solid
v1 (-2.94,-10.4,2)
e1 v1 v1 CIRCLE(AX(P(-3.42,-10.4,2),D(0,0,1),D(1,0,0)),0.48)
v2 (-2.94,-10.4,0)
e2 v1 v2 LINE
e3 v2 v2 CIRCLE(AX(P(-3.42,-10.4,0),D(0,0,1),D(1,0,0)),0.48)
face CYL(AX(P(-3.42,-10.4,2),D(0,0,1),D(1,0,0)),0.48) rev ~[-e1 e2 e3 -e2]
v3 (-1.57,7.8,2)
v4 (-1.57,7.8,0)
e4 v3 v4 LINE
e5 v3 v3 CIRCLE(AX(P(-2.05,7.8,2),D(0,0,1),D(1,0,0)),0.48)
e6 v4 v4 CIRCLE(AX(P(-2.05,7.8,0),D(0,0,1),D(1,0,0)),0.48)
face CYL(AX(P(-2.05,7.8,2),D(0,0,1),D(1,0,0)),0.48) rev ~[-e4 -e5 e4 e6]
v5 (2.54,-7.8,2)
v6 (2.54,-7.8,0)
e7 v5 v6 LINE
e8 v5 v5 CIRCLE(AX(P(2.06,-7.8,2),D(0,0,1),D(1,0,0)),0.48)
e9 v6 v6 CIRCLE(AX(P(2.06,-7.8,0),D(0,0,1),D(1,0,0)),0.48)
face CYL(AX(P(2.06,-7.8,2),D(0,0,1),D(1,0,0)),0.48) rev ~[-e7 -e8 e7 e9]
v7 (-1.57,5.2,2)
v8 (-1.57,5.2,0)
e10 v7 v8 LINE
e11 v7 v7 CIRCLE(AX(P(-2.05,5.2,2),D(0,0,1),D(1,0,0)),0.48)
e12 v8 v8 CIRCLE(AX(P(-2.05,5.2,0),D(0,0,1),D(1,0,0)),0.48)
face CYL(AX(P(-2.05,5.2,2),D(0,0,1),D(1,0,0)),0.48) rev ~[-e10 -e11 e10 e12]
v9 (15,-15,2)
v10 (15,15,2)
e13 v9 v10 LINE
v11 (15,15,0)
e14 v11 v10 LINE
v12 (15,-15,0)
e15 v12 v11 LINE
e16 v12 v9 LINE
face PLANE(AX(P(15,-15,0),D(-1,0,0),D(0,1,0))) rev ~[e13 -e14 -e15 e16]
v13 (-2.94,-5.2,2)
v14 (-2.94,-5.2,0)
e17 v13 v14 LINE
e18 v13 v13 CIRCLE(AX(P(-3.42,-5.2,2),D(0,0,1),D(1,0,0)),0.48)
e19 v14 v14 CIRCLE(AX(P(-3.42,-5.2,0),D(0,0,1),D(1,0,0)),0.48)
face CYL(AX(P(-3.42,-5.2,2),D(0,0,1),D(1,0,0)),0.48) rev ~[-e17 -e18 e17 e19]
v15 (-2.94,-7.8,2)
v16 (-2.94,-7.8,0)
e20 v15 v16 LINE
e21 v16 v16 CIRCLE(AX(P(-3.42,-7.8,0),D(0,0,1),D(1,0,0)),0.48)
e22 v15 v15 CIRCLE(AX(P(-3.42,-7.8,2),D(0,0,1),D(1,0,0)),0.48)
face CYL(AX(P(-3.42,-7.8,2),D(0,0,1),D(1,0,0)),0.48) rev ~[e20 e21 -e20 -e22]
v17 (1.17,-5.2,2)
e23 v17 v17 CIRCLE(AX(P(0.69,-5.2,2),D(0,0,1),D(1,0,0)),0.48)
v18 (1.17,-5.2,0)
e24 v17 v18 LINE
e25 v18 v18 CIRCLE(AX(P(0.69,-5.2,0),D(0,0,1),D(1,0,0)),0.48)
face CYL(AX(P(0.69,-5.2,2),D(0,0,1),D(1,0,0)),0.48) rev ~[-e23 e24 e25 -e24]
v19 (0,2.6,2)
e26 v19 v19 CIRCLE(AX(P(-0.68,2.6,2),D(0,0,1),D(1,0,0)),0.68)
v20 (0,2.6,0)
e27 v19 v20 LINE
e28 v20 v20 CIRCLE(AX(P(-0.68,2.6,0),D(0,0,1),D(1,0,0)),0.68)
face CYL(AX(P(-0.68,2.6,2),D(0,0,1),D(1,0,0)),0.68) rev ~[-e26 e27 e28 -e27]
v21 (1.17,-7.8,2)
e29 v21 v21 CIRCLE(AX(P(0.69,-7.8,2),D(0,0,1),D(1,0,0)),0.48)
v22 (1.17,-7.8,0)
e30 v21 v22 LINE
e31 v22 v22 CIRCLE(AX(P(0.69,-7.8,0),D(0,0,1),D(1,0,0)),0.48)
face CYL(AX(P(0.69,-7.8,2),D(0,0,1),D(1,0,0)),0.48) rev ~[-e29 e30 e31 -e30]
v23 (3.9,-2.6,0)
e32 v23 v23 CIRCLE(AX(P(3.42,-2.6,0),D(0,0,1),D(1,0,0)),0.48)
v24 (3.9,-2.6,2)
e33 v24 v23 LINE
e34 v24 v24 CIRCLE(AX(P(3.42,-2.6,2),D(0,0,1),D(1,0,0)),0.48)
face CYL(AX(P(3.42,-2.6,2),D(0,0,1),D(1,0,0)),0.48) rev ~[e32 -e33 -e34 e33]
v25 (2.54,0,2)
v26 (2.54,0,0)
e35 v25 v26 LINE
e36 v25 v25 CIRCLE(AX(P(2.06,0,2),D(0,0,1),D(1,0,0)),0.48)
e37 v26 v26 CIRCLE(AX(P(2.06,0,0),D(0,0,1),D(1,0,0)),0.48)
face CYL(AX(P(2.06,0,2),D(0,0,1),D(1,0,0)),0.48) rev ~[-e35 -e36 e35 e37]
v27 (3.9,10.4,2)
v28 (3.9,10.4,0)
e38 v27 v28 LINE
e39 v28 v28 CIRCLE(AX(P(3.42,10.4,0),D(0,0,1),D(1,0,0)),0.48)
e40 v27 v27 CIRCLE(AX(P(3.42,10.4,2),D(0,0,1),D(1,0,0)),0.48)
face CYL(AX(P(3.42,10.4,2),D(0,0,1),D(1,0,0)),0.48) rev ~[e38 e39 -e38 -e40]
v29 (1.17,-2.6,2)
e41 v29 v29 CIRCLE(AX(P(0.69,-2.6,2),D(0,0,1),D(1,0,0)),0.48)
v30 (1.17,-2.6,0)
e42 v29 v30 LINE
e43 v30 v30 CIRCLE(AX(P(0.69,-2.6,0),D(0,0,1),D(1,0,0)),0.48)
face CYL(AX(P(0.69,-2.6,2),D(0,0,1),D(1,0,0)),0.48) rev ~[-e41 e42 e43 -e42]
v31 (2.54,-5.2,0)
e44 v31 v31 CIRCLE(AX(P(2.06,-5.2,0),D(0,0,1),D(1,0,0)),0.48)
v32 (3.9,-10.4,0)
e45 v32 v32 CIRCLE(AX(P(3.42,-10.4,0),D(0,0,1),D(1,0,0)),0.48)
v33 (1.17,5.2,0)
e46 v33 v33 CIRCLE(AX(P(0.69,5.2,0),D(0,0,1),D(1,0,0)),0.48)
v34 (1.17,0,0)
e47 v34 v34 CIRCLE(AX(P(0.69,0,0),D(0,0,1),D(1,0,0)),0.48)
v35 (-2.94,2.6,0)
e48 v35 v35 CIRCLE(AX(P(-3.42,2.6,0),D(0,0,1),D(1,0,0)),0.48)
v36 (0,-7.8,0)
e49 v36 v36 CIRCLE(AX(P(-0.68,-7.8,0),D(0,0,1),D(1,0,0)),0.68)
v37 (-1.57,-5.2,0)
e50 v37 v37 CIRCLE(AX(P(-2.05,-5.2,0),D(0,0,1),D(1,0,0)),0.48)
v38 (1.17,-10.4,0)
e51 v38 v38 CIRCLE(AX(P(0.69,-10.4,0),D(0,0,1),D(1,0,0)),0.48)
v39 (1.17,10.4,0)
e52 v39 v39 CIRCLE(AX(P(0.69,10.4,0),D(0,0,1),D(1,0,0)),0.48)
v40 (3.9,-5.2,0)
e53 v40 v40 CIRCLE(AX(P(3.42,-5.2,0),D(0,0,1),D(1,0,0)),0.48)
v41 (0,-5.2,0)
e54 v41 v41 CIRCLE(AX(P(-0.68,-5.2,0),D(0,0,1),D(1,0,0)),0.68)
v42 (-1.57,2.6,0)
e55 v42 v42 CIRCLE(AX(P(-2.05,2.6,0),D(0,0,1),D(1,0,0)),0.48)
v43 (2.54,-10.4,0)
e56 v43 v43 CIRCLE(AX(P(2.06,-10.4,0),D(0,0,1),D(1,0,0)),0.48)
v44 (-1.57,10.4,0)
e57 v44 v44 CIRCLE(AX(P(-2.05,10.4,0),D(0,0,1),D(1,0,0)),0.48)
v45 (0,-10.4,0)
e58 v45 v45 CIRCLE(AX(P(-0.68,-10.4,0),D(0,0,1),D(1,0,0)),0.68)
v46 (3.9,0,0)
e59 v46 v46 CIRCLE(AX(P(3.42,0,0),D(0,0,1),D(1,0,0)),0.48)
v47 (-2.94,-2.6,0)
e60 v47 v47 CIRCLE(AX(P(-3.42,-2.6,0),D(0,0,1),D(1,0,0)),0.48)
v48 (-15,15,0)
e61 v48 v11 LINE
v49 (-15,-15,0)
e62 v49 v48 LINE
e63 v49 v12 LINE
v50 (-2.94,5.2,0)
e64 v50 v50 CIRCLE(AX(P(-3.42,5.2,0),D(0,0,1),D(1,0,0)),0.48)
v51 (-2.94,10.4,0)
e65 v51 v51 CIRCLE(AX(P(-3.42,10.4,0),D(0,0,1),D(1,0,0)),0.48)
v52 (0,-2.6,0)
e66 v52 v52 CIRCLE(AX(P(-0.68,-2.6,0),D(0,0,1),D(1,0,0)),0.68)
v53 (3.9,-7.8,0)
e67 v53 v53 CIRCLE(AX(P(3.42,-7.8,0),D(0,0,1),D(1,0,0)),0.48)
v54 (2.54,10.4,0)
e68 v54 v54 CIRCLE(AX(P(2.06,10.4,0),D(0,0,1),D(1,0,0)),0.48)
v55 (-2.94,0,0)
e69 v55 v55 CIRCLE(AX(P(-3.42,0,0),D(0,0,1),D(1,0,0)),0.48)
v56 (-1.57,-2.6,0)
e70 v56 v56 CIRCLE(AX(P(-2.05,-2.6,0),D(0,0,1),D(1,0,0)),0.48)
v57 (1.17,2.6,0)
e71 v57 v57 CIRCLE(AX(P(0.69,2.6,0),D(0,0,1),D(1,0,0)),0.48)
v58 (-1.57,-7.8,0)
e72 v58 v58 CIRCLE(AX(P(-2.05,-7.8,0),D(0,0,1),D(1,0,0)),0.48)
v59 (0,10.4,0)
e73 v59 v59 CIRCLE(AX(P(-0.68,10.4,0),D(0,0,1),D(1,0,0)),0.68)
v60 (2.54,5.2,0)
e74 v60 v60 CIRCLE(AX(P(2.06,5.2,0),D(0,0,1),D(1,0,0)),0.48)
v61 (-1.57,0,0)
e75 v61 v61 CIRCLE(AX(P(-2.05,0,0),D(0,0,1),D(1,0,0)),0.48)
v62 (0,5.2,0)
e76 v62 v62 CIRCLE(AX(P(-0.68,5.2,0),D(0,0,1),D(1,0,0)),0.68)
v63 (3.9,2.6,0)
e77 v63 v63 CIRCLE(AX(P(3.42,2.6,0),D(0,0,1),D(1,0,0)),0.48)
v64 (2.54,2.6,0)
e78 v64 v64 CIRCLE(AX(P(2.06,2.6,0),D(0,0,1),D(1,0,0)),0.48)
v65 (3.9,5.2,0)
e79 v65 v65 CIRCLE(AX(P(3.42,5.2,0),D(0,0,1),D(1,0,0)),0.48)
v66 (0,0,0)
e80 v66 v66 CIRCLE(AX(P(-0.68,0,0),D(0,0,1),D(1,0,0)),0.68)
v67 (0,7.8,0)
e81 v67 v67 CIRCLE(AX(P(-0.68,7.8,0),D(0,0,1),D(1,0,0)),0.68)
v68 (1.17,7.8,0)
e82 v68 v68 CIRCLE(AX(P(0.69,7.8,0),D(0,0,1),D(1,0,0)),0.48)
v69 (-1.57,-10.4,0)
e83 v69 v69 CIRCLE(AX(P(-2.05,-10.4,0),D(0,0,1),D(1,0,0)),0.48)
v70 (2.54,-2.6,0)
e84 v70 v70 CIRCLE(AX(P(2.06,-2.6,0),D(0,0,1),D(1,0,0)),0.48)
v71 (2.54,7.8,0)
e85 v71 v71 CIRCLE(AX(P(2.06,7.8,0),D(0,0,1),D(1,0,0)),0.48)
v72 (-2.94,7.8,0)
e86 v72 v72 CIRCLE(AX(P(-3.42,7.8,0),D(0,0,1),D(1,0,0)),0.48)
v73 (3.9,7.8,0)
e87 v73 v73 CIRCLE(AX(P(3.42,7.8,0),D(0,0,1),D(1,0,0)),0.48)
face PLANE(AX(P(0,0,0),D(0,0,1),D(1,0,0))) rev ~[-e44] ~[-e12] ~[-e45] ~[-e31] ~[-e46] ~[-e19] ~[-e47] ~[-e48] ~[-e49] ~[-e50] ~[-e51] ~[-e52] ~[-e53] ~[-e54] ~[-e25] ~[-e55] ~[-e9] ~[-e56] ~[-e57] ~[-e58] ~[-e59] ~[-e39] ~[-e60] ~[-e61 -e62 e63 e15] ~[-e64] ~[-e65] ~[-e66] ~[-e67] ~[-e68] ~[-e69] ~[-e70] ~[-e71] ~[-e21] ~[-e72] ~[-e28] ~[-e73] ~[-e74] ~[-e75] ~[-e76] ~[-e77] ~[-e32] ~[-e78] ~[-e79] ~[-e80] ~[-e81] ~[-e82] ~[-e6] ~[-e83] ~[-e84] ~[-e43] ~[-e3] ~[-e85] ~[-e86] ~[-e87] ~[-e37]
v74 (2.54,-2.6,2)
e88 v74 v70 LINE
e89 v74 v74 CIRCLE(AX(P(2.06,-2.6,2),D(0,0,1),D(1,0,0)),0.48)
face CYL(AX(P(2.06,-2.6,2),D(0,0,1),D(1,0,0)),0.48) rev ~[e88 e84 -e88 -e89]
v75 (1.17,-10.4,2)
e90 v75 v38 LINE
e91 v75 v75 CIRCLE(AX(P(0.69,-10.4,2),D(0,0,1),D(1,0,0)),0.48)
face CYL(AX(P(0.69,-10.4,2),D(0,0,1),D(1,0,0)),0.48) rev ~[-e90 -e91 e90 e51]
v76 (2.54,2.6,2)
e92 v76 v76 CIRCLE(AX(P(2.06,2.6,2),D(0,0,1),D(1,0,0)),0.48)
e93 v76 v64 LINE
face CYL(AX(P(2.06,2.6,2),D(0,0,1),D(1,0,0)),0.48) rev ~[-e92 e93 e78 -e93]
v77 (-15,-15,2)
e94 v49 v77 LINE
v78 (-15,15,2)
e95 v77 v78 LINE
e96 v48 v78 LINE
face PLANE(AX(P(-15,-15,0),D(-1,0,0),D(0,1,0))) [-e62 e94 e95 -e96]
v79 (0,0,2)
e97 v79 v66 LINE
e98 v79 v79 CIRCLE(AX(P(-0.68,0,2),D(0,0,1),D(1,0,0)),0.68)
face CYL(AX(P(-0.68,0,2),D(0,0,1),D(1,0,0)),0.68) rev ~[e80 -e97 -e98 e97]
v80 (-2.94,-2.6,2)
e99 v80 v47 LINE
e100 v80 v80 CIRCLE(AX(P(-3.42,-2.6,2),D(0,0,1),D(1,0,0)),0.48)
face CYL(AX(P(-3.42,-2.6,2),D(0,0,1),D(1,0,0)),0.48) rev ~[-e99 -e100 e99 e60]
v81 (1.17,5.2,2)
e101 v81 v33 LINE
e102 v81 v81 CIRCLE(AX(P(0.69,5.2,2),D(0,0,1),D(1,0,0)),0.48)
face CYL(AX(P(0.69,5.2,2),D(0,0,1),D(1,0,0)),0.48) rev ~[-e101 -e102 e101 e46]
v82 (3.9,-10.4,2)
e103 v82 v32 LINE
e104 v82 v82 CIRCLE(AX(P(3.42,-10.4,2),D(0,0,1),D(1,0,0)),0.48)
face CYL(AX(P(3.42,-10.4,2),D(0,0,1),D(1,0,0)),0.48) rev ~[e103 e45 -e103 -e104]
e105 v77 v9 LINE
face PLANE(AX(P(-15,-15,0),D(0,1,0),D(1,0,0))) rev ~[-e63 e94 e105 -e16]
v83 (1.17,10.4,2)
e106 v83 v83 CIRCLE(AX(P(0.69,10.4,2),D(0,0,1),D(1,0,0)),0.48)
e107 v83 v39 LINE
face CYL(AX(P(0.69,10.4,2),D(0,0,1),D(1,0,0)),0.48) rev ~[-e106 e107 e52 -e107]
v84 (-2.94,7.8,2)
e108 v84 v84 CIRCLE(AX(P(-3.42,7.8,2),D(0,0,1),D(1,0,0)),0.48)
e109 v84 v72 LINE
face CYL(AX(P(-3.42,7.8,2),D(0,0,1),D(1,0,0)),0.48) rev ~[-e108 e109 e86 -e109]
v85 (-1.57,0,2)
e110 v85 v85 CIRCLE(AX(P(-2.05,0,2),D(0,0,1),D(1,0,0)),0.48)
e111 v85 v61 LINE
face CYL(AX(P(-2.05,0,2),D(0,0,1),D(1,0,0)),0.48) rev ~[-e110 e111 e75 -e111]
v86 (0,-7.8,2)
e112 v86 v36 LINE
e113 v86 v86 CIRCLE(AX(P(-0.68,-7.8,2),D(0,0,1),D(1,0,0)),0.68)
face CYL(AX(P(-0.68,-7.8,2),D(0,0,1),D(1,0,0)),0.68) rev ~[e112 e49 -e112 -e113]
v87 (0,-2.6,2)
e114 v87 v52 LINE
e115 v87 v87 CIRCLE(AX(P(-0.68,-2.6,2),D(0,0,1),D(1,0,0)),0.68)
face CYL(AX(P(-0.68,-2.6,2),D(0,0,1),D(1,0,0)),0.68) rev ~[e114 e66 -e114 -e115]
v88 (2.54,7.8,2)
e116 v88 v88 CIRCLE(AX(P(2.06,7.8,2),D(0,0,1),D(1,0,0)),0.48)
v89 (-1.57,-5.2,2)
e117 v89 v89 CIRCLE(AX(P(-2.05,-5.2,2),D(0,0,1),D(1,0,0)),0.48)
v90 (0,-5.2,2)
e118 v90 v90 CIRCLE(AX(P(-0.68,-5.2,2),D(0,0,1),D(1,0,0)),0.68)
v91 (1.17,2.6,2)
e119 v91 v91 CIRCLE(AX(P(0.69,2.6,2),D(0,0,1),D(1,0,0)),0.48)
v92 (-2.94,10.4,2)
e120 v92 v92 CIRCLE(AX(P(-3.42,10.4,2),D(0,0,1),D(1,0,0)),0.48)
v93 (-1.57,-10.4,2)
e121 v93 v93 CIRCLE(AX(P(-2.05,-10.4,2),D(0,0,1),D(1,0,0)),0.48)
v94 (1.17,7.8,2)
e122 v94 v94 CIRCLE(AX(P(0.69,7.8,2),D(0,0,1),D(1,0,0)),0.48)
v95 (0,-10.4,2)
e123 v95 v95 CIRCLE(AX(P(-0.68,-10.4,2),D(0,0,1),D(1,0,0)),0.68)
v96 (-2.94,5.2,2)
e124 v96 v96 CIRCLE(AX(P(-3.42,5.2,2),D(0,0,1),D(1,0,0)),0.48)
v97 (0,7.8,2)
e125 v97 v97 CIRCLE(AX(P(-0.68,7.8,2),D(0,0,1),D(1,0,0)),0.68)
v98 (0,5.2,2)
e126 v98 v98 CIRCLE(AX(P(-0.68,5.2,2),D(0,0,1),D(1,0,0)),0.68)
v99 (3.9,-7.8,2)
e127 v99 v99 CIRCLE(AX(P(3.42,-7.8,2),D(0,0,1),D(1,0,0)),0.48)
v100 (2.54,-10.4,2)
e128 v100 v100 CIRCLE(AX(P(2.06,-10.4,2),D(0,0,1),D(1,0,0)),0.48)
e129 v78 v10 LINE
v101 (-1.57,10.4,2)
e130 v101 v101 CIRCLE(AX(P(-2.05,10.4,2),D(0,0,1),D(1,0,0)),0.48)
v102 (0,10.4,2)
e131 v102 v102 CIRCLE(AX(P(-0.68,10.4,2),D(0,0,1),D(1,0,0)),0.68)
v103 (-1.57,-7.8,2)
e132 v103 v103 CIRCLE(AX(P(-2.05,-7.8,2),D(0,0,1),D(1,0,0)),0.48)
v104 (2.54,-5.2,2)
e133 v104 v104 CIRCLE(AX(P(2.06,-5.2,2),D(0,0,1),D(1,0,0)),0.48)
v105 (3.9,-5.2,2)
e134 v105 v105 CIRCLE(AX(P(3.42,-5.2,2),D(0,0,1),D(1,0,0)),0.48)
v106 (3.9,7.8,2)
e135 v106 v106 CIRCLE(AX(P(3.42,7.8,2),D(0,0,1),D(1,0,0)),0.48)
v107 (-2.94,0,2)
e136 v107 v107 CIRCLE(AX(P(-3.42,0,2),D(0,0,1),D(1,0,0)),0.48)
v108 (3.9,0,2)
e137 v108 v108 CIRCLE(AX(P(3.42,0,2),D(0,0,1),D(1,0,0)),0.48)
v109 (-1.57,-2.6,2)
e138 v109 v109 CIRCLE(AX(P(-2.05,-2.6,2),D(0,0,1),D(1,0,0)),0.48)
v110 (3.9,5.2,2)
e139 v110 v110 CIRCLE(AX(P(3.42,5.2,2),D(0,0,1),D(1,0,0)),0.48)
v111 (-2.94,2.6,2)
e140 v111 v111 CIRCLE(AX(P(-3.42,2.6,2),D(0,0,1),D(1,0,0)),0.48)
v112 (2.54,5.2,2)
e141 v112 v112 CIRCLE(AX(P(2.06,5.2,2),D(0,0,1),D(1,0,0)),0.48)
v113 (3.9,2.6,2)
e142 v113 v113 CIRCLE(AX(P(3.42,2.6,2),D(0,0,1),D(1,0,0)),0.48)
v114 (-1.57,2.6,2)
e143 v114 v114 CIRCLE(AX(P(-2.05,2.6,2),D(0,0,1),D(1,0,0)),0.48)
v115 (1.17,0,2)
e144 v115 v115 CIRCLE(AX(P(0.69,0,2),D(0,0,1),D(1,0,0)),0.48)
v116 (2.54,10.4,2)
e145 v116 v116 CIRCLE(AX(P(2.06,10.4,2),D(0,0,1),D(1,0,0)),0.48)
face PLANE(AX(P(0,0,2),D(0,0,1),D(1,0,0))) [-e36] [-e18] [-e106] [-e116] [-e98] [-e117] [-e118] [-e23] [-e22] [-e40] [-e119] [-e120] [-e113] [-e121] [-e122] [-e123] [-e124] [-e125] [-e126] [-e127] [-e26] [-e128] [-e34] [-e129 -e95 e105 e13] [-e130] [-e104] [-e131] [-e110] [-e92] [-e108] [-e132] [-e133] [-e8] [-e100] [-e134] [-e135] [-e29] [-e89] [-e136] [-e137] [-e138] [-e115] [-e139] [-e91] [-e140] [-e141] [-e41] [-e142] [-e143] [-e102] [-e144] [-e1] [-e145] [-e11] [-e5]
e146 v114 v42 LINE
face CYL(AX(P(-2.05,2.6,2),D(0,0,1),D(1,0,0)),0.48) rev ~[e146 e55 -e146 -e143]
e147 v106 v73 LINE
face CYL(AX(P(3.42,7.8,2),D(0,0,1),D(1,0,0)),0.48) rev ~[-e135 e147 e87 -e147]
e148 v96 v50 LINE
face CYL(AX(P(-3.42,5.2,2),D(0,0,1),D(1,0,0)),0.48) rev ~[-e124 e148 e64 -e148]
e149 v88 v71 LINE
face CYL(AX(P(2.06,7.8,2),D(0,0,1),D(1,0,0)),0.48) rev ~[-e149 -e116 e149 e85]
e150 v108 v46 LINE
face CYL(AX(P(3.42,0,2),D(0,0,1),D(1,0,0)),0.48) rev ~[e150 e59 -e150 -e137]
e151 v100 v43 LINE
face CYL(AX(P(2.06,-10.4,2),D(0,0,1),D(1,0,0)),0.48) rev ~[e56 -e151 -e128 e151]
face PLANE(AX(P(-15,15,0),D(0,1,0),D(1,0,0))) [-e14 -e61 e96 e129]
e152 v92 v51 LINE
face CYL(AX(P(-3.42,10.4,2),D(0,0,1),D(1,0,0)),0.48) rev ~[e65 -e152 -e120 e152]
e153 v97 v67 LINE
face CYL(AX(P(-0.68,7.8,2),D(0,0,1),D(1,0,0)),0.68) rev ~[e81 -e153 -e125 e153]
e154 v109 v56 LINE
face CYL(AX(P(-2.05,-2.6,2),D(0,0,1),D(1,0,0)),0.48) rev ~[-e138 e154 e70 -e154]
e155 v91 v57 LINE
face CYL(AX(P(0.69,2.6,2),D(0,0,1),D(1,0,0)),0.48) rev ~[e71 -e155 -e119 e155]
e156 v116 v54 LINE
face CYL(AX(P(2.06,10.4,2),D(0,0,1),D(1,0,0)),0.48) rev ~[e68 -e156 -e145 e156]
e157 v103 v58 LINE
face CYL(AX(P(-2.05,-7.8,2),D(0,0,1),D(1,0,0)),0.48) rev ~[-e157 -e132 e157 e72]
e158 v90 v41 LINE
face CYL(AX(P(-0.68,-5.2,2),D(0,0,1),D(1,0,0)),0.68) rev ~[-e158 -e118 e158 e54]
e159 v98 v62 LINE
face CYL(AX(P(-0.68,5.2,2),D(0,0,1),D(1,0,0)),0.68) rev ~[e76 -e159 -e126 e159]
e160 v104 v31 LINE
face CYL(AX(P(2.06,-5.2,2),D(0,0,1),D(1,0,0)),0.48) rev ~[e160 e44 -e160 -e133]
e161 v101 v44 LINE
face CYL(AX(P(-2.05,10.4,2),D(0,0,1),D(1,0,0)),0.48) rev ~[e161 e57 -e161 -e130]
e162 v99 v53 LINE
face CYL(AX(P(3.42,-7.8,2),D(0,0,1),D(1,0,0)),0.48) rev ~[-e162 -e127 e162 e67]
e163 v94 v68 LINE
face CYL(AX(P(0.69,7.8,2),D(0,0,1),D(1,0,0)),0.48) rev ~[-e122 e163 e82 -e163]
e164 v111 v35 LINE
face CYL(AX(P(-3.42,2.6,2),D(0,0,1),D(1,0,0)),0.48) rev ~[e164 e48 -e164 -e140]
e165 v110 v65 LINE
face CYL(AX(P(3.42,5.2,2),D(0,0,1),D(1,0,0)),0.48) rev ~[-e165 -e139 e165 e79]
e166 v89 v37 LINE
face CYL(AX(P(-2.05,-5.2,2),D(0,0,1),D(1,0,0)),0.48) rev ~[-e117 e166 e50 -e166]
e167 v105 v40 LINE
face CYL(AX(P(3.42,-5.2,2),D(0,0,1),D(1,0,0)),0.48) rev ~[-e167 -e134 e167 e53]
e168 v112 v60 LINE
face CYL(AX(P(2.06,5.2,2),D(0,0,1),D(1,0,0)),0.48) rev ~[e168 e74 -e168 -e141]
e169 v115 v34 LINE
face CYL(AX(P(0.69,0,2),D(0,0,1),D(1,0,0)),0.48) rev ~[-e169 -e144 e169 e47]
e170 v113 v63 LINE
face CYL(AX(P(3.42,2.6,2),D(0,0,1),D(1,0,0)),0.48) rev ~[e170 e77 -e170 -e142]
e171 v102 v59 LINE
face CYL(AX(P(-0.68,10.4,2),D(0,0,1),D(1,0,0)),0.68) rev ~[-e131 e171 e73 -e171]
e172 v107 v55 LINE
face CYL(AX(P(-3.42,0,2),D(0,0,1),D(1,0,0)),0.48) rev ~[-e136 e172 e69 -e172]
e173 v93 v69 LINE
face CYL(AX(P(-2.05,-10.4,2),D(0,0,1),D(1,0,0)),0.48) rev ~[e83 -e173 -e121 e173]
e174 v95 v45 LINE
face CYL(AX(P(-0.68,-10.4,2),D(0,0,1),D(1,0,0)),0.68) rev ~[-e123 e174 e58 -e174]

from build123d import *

# Parameters (mm, degrees)
ESQUISSE2_W             = 30
ESQUISSE2_H             = 30
BOSS_EXTRU_1_DEPTH      = 2
ESQUISSE3_R             = 0.48
ESQUISSE3_R_2           = 0.68
ENL_V_MAT_EXTRU_1_DEPTH = 10


with BuildPart() as part:
    # Esquisse2 → Boss.-Extru.1 (new body)
    with BuildSketch(Plane.XY):
        Rectangle(ESQUISSE2_W, ESQUISSE2_H)
    extrude(amount=BOSS_EXTRU_1_DEPTH)

    # Esquisse3 → Enlèv. mat.-Extru.1 (cut)
    with BuildSketch(Plane.XY.offset(2)):
        with Locations((-3.42, -10.4)):
            Circle(ESQUISSE3_R)
        with Locations((-3.42, -7.8)):
            Circle(ESQUISSE3_R)
        with Locations((-3.42, -5.2)):
            Circle(ESQUISSE3_R)
        with Locations((-3.42, -2.6)):
            Circle(ESQUISSE3_R)
        with Locations((-3.42, 0)):
            Circle(ESQUISSE3_R)
        with Locations((-3.42, 2.6)):
            Circle(ESQUISSE3_R)
        with Locations((-3.42, 5.2)):
            Circle(ESQUISSE3_R)
        with Locations((-3.42, 7.8)):
            Circle(ESQUISSE3_R)
        with Locations((-3.42, 10.4)):
            Circle(ESQUISSE3_R)
        with Locations((-2.05, -10.4)):
            Circle(ESQUISSE3_R)
        with Locations((-2.05, -7.8)):
            Circle(ESQUISSE3_R)
        with Locations((-2.05, -5.2)):
            Circle(ESQUISSE3_R)
        with Locations((-2.05, -2.6)):
            Circle(ESQUISSE3_R)
        with Locations((-2.05, 0)):
            Circle(ESQUISSE3_R)
        with Locations((-2.05, 2.6)):
            Circle(ESQUISSE3_R)
        with Locations((-2.05, 5.2)):
            Circle(ESQUISSE3_R)
        with Locations((-2.05, 7.8)):
            Circle(ESQUISSE3_R)
        with Locations((-2.05, 10.4)):
            Circle(ESQUISSE3_R)
        with Locations((-0.68, -10.4)):
            Circle(ESQUISSE3_R_2)
        with Locations((-0.68, -7.8)):
            Circle(ESQUISSE3_R_2)
        with Locations((-0.68, -5.2)):
            Circle(ESQUISSE3_R_2)
        with Locations((-0.68, -2.6)):
            Circle(ESQUISSE3_R_2)
        with Locations((-0.68, 0)):
            Circle(ESQUISSE3_R_2)
        with Locations((-0.68, 2.6)):
            Circle(ESQUISSE3_R_2)
        with Locations((-0.68, 5.2)):
            Circle(ESQUISSE3_R_2)
        with Locations((-0.68, 7.8)):
            Circle(ESQUISSE3_R_2)
        with Locations((-0.68, 10.4)):
            Circle(ESQUISSE3_R_2)
        with Locations((0.69, -10.4)):
            Circle(ESQUISSE3_R)
        with Locations((0.69, -7.8)):
            Circle(ESQUISSE3_R)
        with Locations((0.69, -5.2)):
            Circle(ESQUISSE3_R)
        with Locations((0.69, -2.6)):
            Circle(ESQUISSE3_R)
        with Locations((0.69, 0)):
            Circle(ESQUISSE3_R)
        with Locations((0.69, 2.6)):
            Circle(ESQUISSE3_R)
        with Locations((0.69, 5.2)):
            Circle(ESQUISSE3_R)
        with Locations((0.69, 7.8)):
            Circle(ESQUISSE3_R)
        with Locations((0.69, 10.4)):
            Circle(ESQUISSE3_R)
        with Locations((2.06, -10.4)):
            Circle(ESQUISSE3_R)
        with Locations((2.06, -7.8)):
            Circle(ESQUISSE3_R)
        with Locations((2.06, -5.2)):
            Circle(ESQUISSE3_R)
        with Locations((2.06, -2.6)):
            Circle(ESQUISSE3_R)
        with Locations((2.06, 0)):
            Circle(ESQUISSE3_R)
        with Locations((2.06, 2.6)):
            Circle(ESQUISSE3_R)
        with Locations((2.06, 5.2)):
            Circle(ESQUISSE3_R)
        with Locations((2.06, 7.8)):
            Circle(ESQUISSE3_R)
        with Locations((2.06, 10.4)):
            Circle(ESQUISSE3_R)
        with Locations((3.42, -10.4)):
            Circle(ESQUISSE3_R)
        with Locations((3.42, -7.8)):
            Circle(ESQUISSE3_R)
        with Locations((3.42, -5.2)):
            Circle(ESQUISSE3_R)
        with Locations((3.42, -2.6)):
            Circle(ESQUISSE3_R)
        with Locations((3.42, 0)):
            Circle(ESQUISSE3_R)
        with Locations((3.42, 2.6)):
            Circle(ESQUISSE3_R)
        with Locations((3.42, 5.2)):
            Circle(ESQUISSE3_R)
        with Locations((3.42, 7.8)):
            Circle(ESQUISSE3_R)
        with Locations((3.42, 10.4)):
            Circle(ESQUISSE3_R)
    extrude(amount=-ENL_V_MAT_EXTRU_1_DEPTH, mode=Mode.SUBTRACT)


solid = part.part
